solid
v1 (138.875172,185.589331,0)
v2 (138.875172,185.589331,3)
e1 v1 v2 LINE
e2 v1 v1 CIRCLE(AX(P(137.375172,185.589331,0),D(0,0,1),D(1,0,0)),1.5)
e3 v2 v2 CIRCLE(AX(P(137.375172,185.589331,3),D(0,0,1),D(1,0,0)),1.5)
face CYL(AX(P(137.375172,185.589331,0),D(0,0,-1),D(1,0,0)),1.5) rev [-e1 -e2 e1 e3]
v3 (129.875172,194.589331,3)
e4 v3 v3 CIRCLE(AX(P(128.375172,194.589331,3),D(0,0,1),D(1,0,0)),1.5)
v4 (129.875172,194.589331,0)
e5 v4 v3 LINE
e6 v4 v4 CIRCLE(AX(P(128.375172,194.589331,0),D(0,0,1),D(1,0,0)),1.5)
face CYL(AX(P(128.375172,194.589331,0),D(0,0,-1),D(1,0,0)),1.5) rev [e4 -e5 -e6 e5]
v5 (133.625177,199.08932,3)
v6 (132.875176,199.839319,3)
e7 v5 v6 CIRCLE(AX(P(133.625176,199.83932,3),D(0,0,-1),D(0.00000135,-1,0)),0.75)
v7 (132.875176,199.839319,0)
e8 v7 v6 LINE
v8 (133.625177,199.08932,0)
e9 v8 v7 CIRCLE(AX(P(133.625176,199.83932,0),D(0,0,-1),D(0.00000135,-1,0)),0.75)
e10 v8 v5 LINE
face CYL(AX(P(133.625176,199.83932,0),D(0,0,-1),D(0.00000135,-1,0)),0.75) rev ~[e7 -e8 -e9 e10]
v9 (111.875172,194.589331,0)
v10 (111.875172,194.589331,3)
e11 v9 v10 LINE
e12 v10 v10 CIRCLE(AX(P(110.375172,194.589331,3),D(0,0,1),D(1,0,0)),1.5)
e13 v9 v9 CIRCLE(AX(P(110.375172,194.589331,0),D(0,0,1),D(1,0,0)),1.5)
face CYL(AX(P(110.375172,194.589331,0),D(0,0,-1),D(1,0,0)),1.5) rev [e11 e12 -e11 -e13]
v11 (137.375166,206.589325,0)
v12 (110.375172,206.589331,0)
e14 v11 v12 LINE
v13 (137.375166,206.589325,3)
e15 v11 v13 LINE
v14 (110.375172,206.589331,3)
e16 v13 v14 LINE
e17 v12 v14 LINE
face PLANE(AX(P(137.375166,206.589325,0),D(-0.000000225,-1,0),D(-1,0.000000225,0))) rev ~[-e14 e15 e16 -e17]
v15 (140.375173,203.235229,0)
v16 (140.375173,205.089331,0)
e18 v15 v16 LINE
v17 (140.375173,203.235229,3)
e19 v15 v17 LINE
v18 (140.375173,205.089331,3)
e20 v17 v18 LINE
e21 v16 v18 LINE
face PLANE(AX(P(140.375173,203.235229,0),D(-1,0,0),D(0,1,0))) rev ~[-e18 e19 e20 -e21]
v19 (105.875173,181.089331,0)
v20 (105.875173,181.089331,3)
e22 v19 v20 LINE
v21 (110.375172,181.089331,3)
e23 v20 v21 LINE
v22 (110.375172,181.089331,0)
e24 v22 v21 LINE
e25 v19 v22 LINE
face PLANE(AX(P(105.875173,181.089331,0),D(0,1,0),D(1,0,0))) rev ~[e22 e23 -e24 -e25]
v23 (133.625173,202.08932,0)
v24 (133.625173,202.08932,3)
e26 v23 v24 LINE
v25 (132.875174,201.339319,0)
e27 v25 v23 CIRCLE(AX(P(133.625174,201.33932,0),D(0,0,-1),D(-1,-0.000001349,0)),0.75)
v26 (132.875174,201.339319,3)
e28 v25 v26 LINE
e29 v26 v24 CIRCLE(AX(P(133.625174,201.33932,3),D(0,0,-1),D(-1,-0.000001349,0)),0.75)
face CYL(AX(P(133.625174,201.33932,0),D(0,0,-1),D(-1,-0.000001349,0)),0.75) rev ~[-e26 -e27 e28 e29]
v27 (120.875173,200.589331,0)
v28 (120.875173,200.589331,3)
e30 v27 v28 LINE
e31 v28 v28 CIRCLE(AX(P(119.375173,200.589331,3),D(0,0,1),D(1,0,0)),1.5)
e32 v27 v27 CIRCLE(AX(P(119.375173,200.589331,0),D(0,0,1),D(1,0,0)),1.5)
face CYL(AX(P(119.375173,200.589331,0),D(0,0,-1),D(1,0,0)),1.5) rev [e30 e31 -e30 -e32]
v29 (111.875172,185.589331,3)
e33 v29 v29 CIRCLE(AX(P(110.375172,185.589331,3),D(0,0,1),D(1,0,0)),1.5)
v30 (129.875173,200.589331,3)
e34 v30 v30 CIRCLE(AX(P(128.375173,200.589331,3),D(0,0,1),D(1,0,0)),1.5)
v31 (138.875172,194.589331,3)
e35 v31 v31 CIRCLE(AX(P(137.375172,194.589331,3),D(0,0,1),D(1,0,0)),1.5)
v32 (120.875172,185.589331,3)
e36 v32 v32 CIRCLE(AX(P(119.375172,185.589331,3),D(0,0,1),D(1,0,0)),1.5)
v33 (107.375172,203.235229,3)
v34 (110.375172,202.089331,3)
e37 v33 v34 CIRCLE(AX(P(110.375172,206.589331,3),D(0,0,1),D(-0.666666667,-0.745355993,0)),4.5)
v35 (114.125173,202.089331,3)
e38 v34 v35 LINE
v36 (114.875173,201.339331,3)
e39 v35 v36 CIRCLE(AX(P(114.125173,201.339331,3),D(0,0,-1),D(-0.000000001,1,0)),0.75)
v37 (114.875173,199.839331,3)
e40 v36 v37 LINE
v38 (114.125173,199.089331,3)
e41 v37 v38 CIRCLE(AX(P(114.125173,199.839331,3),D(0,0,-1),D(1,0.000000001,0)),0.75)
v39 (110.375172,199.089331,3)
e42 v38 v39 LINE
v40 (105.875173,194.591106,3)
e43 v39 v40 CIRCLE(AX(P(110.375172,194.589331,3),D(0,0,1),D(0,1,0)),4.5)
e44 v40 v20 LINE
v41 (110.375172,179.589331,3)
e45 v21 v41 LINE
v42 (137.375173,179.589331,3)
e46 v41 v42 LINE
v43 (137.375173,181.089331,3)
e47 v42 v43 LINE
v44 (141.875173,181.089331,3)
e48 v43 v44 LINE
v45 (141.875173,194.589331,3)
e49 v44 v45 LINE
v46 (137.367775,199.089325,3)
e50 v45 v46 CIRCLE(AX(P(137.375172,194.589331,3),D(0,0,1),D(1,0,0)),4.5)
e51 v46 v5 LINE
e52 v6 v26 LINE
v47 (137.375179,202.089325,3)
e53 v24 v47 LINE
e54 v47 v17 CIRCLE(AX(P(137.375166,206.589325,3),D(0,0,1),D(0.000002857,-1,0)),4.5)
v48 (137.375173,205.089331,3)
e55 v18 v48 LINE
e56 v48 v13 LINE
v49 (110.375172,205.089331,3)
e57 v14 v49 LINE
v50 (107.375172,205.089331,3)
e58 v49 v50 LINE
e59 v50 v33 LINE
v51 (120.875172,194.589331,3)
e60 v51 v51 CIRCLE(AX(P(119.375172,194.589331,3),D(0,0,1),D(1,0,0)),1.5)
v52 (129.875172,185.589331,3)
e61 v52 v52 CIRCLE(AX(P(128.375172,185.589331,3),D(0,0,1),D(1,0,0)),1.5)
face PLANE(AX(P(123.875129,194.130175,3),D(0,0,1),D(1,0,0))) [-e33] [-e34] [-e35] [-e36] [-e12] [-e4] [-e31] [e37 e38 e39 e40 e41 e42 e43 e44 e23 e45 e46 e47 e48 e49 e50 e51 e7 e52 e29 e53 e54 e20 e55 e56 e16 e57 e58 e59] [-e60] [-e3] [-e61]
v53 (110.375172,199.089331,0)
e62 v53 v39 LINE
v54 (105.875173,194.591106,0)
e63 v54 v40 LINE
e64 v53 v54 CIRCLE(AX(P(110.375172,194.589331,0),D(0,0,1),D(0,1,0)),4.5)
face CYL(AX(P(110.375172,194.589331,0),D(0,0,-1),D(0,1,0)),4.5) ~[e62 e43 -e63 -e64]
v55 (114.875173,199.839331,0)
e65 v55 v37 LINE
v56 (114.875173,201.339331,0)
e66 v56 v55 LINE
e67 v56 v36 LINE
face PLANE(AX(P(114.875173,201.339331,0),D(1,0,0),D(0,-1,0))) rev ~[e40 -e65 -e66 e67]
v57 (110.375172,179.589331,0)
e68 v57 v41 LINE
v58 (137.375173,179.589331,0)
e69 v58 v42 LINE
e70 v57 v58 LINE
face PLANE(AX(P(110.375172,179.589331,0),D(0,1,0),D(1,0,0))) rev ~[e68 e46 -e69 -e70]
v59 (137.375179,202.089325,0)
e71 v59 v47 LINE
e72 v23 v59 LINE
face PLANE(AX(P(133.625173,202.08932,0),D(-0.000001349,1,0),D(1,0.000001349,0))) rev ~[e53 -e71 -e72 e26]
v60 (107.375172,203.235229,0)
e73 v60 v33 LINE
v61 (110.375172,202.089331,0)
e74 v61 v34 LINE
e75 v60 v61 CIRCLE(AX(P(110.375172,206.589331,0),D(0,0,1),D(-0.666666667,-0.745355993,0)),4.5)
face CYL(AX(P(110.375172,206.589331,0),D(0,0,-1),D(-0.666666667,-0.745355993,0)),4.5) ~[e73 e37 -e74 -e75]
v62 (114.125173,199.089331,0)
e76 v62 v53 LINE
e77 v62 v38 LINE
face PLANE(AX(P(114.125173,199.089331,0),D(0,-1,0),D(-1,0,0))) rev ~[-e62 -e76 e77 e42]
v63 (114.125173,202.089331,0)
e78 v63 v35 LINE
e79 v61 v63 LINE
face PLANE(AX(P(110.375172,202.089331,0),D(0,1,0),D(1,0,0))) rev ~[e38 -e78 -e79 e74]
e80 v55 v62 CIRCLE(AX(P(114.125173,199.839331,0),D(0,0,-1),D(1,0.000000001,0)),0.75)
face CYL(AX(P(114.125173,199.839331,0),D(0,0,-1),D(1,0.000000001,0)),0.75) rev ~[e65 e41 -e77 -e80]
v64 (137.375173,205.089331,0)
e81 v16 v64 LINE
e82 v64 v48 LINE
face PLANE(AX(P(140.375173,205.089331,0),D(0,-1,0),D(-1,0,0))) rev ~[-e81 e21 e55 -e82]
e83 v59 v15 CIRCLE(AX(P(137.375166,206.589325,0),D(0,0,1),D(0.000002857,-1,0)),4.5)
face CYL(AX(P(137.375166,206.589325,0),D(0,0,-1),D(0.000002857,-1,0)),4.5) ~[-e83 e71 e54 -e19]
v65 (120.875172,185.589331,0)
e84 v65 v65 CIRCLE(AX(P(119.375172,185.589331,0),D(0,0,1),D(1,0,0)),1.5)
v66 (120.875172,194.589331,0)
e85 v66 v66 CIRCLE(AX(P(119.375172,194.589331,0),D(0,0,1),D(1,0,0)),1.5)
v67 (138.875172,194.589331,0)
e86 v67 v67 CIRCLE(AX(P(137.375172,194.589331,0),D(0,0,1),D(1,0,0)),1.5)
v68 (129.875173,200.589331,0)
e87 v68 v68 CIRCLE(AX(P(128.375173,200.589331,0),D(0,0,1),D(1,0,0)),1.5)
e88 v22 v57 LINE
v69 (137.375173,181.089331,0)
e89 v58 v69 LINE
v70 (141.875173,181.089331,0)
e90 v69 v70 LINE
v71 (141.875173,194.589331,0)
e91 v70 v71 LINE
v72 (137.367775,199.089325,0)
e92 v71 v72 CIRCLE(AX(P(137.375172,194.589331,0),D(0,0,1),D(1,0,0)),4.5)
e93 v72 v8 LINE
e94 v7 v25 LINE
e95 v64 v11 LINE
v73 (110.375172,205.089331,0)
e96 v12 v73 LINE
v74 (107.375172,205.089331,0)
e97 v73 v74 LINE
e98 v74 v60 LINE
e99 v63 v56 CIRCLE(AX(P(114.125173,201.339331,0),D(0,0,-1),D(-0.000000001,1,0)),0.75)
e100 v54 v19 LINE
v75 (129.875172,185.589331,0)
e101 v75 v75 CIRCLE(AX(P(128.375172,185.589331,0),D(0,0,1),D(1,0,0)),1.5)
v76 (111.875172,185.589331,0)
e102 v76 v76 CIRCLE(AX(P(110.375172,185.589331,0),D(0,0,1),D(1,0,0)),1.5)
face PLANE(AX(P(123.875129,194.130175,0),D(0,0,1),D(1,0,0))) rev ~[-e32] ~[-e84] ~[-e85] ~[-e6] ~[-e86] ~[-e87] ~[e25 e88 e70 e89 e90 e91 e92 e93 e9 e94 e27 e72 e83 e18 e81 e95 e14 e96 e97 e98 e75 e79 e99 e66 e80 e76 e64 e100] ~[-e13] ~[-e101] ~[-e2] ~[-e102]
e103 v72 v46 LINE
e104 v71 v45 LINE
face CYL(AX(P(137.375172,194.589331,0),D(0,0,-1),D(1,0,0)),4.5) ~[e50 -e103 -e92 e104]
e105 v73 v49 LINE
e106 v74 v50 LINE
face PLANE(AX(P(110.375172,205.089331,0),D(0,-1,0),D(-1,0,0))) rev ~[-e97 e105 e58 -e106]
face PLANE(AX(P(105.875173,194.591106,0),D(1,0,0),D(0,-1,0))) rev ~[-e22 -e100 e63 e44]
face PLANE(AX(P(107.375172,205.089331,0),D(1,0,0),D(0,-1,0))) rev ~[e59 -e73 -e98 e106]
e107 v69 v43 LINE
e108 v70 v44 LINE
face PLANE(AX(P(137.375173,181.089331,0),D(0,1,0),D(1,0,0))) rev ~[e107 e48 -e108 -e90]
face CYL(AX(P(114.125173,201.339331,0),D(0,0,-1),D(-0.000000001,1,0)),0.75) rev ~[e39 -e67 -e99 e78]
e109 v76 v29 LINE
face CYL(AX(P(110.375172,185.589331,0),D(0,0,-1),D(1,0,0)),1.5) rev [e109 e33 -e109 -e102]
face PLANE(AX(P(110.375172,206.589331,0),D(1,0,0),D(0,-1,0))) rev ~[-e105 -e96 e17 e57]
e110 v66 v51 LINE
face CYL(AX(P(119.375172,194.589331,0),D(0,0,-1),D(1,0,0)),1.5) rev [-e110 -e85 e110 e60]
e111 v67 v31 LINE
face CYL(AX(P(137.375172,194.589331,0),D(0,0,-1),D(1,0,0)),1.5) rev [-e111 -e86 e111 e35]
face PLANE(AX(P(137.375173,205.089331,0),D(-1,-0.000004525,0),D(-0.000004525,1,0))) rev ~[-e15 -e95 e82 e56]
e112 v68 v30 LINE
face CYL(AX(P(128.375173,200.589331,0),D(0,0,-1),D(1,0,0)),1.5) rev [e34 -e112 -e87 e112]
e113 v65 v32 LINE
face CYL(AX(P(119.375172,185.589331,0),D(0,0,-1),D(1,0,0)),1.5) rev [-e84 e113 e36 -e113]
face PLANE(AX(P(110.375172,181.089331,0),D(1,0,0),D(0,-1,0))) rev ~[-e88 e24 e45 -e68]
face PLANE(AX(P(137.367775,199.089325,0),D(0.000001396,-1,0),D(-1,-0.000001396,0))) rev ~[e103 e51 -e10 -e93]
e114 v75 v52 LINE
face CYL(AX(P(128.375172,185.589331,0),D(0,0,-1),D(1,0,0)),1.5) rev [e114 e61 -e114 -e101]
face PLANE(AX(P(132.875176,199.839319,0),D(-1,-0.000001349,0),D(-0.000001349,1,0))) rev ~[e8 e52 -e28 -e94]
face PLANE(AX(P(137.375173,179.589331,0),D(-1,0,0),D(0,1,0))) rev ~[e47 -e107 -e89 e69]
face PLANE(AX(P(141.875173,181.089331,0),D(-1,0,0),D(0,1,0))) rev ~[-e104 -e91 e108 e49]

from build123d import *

# Parameters (mm, degrees)
MODEL_R                 = 1.5
SALIENTE_EXTRUIR1_DEPTH = 3


with BuildPart() as part:
    # Model → Saliente-Extruir1 (new body)
    with BuildSketch(Plane.XY):
        with BuildLine():
            ThreePointArc((110.375172306, 199.089330986), (107.193819506, 197.771939094), (105.875172656, 194.59110626))
            Line((105.875172656, 194.59110626), (105.875172656, 181.089330986))
            Line((105.875172656, 181.089330986), (110.375172306, 181.089330986))
            Line((110.375172306, 181.089330986), (110.375172306, 179.589330986))
            Line((110.375172306, 179.589330986), (137.375172656, 179.589330986))
            Line((137.375172656, 179.589330986), (137.375172656, 181.089330986))
            Line((137.375172656, 181.089330986), (141.875172656, 181.089330986))
            Line((141.875172656, 181.089330986), (141.875172656, 194.589330986))
            ThreePointArc((141.875172656, 194.589330986), (140.554536568, 197.773926028), (137.367774797, 199.089325081))
            Line((137.367774797, 199.089325081), (133.625176703, 199.089319857))
            ThreePointArc((133.625176703, 199.089319857), (133.09484632, 199.308989056), (132.875175691, 199.839318846))
            Line((132.875175691, 199.839318846), (132.875173667, 201.339318846))
            ThreePointArc((132.875173667, 201.339318846), (133.094842866, 201.869649228), (133.625172656, 202.089319857))
            Line((133.625172656, 202.089319857), (137.375178726, 202.089324916))
            ThreePointArc((137.375178726, 202.089324916), (138.980875531, 202.385553219), (140.375172656, 203.23522902))
            Line((140.375172656, 203.23522902), (140.375172656, 205.089330986))
            Line((140.375172656, 205.089330986), (137.375172656, 205.089330986))
            Line((137.375172656, 205.089330986), (137.375165869, 206.589324916))
            Line((137.375165869, 206.589324916), (110.375172306, 206.589330986))
            Line((110.375172306, 206.589330986), (110.375172306, 205.089330986))
            Line((110.375172306, 205.089330986), (107.375172306, 205.089330986))
            Line((107.375172306, 205.089330986), (107.375172306, 203.23522902))
            ThreePointArc((107.375172306, 203.23522902), (108.769472902, 202.385555371), (110.375172306, 202.089330986))
            Line((110.375172306, 202.089330986), (114.125172656, 202.089330986))
            ThreePointArc((114.125172656, 202.089330986), (114.655502742, 201.869661072), (114.875172656, 201.339330986))
            Line((114.875172656, 201.339330986), (114.875172656, 199.839330986))
            ThreePointArc((114.875172656, 199.839330986), (114.655502742, 199.3090009), (114.125172656, 199.089330986))
            Line((114.125172656, 199.089330986), (110.375172306, 199.089330986))
        make_face()
        with Locations((110.375172306, 185.589330986)):
            Circle(MODEL_R, mode=Mode.SUBTRACT)
        with Locations((119.375172306, 185.589330986)):
            Circle(MODEL_R, mode=Mode.SUBTRACT)
        with Locations((128.375172306, 185.589330986)):
            Circle(MODEL_R, mode=Mode.SUBTRACT)
        with Locations((137.375172306, 185.589330986)):
            Circle(MODEL_R, mode=Mode.SUBTRACT)
        with Locations((110.375172306, 194.589330986)):
            Circle(MODEL_R, mode=Mode.SUBTRACT)
        with Locations((119.375172306, 194.589330986)):
            Circle(MODEL_R, mode=Mode.SUBTRACT)
        with Locations((119.375172656, 200.589330986)):
            Circle(MODEL_R, mode=Mode.SUBTRACT)
        with Locations((128.375172306, 194.589330986)):
            Circle(MODEL_R, mode=Mode.SUBTRACT)
        with Locations((137.375172481, 194.589330986)):
            Circle(MODEL_R, mode=Mode.SUBTRACT)
        with Locations((128.375172656, 200.589330986)):
            Circle(MODEL_R, mode=Mode.SUBTRACT)
    extrude(amount=SALIENTE_EXTRUIR1_DEPTH)


solid = part.part
